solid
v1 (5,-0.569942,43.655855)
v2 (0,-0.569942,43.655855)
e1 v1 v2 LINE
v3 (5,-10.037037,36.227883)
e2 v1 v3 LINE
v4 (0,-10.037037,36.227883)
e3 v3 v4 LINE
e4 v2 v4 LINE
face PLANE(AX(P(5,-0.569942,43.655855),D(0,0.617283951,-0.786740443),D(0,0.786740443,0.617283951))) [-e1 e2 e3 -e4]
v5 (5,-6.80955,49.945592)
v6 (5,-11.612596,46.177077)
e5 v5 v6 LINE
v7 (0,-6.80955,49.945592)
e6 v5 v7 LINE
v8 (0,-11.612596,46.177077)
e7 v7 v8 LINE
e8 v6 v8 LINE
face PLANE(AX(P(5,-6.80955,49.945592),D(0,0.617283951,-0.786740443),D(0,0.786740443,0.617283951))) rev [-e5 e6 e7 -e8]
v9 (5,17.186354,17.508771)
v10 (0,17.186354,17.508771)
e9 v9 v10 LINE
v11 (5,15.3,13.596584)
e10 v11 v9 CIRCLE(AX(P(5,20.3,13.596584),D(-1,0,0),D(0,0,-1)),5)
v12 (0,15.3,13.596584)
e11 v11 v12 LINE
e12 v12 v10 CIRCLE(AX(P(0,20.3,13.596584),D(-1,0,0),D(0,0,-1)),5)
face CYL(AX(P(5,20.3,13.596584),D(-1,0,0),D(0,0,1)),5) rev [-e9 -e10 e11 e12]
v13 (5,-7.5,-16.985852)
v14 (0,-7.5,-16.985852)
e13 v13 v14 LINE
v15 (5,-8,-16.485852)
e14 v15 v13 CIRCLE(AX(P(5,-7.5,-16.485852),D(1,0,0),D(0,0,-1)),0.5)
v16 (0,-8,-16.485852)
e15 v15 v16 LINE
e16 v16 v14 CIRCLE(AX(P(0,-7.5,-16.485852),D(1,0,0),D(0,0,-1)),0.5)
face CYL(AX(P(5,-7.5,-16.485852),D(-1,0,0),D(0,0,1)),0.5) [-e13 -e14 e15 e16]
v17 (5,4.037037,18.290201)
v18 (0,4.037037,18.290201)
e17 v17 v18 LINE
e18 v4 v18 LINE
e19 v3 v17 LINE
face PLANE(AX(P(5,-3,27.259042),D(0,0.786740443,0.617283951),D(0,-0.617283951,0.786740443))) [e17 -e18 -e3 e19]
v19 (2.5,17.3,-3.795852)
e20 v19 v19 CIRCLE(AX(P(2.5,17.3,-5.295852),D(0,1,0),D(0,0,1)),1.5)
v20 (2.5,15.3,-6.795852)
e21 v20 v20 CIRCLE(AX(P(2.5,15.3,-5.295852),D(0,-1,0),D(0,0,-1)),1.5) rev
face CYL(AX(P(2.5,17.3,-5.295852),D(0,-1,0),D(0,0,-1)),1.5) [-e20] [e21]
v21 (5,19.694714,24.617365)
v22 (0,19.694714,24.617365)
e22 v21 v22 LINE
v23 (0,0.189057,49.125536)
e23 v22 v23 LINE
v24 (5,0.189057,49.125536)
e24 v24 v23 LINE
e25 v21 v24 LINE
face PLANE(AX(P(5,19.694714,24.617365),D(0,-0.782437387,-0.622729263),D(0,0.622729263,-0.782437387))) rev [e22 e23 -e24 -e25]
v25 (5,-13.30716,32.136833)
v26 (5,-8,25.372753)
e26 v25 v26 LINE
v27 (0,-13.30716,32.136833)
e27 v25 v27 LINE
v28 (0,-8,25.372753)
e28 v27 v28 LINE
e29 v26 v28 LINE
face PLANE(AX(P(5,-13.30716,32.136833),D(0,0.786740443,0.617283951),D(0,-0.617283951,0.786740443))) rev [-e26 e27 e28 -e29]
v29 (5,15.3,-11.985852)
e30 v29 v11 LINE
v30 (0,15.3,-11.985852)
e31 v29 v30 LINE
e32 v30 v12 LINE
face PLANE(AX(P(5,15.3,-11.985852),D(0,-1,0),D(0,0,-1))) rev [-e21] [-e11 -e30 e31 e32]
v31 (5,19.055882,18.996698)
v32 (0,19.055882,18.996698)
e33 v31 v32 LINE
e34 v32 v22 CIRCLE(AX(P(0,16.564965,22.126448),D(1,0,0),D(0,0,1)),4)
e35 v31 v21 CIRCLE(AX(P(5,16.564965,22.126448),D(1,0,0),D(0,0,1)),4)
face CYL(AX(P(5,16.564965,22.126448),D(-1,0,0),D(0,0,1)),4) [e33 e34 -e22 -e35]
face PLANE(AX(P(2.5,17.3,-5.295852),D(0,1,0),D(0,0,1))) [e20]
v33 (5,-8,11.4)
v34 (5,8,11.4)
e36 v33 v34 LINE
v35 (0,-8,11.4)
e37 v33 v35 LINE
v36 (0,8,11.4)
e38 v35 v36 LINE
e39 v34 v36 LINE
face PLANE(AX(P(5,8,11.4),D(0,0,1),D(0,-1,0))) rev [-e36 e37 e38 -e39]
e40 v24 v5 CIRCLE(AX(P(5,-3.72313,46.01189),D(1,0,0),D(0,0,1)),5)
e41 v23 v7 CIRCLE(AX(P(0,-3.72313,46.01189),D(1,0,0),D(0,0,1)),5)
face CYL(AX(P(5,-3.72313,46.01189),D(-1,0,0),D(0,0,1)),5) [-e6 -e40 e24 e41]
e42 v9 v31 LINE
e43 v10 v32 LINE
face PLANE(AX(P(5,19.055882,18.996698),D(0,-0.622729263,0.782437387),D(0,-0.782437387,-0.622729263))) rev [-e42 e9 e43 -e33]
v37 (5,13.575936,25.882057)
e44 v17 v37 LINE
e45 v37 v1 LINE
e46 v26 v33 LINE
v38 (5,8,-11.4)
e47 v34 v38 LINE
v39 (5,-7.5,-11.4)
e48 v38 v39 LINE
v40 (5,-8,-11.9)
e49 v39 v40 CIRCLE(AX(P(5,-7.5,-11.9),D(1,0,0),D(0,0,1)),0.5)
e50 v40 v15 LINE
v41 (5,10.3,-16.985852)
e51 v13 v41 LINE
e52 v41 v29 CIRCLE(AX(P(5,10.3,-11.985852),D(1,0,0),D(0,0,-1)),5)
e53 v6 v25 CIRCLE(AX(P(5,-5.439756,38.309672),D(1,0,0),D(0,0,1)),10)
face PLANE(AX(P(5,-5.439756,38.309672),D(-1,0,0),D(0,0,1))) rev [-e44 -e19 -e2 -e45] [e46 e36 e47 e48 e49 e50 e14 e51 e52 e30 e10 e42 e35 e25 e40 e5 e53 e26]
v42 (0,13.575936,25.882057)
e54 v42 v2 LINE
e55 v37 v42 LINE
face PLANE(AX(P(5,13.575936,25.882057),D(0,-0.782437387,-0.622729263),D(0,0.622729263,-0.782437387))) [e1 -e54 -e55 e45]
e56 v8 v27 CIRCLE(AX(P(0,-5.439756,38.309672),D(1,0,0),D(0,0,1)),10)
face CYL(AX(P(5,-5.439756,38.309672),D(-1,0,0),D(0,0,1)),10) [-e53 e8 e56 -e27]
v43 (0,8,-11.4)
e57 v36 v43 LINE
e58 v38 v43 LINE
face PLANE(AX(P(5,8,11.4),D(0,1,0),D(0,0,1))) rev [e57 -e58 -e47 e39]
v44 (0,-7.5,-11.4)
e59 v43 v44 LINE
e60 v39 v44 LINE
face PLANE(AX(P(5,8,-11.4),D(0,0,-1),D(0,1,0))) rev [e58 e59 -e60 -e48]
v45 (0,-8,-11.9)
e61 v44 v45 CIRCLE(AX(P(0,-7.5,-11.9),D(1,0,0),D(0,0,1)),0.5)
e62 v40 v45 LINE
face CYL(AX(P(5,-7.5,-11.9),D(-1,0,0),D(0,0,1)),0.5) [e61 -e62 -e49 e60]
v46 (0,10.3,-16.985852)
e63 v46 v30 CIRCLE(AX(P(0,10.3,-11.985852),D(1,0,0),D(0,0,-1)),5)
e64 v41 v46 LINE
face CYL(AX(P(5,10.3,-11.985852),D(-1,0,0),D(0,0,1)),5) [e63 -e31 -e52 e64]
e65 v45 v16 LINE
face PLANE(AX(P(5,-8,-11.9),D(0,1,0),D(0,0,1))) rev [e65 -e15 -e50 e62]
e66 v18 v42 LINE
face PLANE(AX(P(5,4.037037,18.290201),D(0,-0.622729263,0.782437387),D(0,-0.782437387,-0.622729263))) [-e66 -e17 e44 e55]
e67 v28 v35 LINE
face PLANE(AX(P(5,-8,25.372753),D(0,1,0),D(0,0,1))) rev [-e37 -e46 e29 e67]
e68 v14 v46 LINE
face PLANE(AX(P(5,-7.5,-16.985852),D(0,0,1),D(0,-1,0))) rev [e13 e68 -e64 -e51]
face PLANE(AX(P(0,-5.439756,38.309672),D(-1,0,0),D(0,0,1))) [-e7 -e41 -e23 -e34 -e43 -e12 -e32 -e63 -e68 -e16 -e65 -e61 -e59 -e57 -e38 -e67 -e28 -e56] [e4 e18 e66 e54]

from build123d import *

# Parameters (mm, degrees)
RESSALTO_EXTRUS_O2_DEPTH = 5
ESBO_O2_R                = 1.5
RESSALTO_EXTRUS_O3_DEPTH = 2


with BuildPart() as part:
    # Esboço1 → Ressalto-extrusão2 (new body)
    with BuildSketch(Plane(origin=(0, 0, 0), x_dir=(0, 0, -1), z_dir=(1, 0, 0))):
        with BuildLine():
            Line((11.9, -8), (16.485851709, -8))
            ThreePointArc((16.485851709, -8), (16.8394051, -7.853553391), (16.985851709, -7.5))
            Line((16.985851709, -7.5), (16.985851709, 10.3))
            ThreePointArc((16.985851709, 10.3), (15.521385615, 13.835533906), (11.985851709, 15.3))
            Line((11.985851709, 15.3), (-13.596583919, 15.3))
            ThreePointArc((-13.596583919, 15.3), (-15.768192588, 15.796210952), (-17.508770855, 17.186353684))
            Line((-17.508770855, 17.186353684), (-18.996698023, 19.055881768))
            ThreePointArc((-18.996698023, 19.055881768), (-21.674724782, 20.539376184), (-24.617364625, 19.694714264))
            Line((-24.617364625, 19.694714264), (-49.125535856, 0.18905712))
            ThreePointArc((-49.125535856, 0.18905712), (-50.977914533, -3.141239982), (-49.945591755, -6.809549569))
            Line((-49.945591755, -6.809549569), (-46.177076689, -11.612595572))
            ThreePointArc((-46.177076689, -11.612595572), (-39.507910608, -15.367707761), (-32.136832755, -13.307160494))
            Line((-32.136832755, -13.307160494), (-25.372753124, -8))
            Line((-25.372753124, -8), (-11.4, -8))
            Line((-11.4, -8), (-11.4, 8))
            Line((-11.4, 8), (11.4, 8))
            Line((11.4, 8), (11.4, -7.5))
            ThreePointArc((11.4, -7.5), (11.546446609, -7.853553391), (11.9, -8))
        make_face()
        Polygon((-27.25904201, -3), (-18.290200962, 4.037037037), (-25.882056579, 13.575936242), (-43.655854678, -0.569942233), (-36.227883057, -10.037037037), align=None, mode=Mode.SUBTRACT)
    extrude(amount=RESSALTO_EXTRUS_O2_DEPTH)

    # Esboço2 → Ressalto-extrusão3 (add)
    with BuildSketch(Plane(origin=(0, 15.3, 0), x_dir=(1, 0, 0), z_dir=(0, 1, 0))):
        with Locations(Location((2.5, 5.295851709, 0), (0, 0, 90))):
            Circle(ESBO_O2_R)
    extrude(amount=RESSALTO_EXTRUS_O3_DEPTH)


solid = part.part
